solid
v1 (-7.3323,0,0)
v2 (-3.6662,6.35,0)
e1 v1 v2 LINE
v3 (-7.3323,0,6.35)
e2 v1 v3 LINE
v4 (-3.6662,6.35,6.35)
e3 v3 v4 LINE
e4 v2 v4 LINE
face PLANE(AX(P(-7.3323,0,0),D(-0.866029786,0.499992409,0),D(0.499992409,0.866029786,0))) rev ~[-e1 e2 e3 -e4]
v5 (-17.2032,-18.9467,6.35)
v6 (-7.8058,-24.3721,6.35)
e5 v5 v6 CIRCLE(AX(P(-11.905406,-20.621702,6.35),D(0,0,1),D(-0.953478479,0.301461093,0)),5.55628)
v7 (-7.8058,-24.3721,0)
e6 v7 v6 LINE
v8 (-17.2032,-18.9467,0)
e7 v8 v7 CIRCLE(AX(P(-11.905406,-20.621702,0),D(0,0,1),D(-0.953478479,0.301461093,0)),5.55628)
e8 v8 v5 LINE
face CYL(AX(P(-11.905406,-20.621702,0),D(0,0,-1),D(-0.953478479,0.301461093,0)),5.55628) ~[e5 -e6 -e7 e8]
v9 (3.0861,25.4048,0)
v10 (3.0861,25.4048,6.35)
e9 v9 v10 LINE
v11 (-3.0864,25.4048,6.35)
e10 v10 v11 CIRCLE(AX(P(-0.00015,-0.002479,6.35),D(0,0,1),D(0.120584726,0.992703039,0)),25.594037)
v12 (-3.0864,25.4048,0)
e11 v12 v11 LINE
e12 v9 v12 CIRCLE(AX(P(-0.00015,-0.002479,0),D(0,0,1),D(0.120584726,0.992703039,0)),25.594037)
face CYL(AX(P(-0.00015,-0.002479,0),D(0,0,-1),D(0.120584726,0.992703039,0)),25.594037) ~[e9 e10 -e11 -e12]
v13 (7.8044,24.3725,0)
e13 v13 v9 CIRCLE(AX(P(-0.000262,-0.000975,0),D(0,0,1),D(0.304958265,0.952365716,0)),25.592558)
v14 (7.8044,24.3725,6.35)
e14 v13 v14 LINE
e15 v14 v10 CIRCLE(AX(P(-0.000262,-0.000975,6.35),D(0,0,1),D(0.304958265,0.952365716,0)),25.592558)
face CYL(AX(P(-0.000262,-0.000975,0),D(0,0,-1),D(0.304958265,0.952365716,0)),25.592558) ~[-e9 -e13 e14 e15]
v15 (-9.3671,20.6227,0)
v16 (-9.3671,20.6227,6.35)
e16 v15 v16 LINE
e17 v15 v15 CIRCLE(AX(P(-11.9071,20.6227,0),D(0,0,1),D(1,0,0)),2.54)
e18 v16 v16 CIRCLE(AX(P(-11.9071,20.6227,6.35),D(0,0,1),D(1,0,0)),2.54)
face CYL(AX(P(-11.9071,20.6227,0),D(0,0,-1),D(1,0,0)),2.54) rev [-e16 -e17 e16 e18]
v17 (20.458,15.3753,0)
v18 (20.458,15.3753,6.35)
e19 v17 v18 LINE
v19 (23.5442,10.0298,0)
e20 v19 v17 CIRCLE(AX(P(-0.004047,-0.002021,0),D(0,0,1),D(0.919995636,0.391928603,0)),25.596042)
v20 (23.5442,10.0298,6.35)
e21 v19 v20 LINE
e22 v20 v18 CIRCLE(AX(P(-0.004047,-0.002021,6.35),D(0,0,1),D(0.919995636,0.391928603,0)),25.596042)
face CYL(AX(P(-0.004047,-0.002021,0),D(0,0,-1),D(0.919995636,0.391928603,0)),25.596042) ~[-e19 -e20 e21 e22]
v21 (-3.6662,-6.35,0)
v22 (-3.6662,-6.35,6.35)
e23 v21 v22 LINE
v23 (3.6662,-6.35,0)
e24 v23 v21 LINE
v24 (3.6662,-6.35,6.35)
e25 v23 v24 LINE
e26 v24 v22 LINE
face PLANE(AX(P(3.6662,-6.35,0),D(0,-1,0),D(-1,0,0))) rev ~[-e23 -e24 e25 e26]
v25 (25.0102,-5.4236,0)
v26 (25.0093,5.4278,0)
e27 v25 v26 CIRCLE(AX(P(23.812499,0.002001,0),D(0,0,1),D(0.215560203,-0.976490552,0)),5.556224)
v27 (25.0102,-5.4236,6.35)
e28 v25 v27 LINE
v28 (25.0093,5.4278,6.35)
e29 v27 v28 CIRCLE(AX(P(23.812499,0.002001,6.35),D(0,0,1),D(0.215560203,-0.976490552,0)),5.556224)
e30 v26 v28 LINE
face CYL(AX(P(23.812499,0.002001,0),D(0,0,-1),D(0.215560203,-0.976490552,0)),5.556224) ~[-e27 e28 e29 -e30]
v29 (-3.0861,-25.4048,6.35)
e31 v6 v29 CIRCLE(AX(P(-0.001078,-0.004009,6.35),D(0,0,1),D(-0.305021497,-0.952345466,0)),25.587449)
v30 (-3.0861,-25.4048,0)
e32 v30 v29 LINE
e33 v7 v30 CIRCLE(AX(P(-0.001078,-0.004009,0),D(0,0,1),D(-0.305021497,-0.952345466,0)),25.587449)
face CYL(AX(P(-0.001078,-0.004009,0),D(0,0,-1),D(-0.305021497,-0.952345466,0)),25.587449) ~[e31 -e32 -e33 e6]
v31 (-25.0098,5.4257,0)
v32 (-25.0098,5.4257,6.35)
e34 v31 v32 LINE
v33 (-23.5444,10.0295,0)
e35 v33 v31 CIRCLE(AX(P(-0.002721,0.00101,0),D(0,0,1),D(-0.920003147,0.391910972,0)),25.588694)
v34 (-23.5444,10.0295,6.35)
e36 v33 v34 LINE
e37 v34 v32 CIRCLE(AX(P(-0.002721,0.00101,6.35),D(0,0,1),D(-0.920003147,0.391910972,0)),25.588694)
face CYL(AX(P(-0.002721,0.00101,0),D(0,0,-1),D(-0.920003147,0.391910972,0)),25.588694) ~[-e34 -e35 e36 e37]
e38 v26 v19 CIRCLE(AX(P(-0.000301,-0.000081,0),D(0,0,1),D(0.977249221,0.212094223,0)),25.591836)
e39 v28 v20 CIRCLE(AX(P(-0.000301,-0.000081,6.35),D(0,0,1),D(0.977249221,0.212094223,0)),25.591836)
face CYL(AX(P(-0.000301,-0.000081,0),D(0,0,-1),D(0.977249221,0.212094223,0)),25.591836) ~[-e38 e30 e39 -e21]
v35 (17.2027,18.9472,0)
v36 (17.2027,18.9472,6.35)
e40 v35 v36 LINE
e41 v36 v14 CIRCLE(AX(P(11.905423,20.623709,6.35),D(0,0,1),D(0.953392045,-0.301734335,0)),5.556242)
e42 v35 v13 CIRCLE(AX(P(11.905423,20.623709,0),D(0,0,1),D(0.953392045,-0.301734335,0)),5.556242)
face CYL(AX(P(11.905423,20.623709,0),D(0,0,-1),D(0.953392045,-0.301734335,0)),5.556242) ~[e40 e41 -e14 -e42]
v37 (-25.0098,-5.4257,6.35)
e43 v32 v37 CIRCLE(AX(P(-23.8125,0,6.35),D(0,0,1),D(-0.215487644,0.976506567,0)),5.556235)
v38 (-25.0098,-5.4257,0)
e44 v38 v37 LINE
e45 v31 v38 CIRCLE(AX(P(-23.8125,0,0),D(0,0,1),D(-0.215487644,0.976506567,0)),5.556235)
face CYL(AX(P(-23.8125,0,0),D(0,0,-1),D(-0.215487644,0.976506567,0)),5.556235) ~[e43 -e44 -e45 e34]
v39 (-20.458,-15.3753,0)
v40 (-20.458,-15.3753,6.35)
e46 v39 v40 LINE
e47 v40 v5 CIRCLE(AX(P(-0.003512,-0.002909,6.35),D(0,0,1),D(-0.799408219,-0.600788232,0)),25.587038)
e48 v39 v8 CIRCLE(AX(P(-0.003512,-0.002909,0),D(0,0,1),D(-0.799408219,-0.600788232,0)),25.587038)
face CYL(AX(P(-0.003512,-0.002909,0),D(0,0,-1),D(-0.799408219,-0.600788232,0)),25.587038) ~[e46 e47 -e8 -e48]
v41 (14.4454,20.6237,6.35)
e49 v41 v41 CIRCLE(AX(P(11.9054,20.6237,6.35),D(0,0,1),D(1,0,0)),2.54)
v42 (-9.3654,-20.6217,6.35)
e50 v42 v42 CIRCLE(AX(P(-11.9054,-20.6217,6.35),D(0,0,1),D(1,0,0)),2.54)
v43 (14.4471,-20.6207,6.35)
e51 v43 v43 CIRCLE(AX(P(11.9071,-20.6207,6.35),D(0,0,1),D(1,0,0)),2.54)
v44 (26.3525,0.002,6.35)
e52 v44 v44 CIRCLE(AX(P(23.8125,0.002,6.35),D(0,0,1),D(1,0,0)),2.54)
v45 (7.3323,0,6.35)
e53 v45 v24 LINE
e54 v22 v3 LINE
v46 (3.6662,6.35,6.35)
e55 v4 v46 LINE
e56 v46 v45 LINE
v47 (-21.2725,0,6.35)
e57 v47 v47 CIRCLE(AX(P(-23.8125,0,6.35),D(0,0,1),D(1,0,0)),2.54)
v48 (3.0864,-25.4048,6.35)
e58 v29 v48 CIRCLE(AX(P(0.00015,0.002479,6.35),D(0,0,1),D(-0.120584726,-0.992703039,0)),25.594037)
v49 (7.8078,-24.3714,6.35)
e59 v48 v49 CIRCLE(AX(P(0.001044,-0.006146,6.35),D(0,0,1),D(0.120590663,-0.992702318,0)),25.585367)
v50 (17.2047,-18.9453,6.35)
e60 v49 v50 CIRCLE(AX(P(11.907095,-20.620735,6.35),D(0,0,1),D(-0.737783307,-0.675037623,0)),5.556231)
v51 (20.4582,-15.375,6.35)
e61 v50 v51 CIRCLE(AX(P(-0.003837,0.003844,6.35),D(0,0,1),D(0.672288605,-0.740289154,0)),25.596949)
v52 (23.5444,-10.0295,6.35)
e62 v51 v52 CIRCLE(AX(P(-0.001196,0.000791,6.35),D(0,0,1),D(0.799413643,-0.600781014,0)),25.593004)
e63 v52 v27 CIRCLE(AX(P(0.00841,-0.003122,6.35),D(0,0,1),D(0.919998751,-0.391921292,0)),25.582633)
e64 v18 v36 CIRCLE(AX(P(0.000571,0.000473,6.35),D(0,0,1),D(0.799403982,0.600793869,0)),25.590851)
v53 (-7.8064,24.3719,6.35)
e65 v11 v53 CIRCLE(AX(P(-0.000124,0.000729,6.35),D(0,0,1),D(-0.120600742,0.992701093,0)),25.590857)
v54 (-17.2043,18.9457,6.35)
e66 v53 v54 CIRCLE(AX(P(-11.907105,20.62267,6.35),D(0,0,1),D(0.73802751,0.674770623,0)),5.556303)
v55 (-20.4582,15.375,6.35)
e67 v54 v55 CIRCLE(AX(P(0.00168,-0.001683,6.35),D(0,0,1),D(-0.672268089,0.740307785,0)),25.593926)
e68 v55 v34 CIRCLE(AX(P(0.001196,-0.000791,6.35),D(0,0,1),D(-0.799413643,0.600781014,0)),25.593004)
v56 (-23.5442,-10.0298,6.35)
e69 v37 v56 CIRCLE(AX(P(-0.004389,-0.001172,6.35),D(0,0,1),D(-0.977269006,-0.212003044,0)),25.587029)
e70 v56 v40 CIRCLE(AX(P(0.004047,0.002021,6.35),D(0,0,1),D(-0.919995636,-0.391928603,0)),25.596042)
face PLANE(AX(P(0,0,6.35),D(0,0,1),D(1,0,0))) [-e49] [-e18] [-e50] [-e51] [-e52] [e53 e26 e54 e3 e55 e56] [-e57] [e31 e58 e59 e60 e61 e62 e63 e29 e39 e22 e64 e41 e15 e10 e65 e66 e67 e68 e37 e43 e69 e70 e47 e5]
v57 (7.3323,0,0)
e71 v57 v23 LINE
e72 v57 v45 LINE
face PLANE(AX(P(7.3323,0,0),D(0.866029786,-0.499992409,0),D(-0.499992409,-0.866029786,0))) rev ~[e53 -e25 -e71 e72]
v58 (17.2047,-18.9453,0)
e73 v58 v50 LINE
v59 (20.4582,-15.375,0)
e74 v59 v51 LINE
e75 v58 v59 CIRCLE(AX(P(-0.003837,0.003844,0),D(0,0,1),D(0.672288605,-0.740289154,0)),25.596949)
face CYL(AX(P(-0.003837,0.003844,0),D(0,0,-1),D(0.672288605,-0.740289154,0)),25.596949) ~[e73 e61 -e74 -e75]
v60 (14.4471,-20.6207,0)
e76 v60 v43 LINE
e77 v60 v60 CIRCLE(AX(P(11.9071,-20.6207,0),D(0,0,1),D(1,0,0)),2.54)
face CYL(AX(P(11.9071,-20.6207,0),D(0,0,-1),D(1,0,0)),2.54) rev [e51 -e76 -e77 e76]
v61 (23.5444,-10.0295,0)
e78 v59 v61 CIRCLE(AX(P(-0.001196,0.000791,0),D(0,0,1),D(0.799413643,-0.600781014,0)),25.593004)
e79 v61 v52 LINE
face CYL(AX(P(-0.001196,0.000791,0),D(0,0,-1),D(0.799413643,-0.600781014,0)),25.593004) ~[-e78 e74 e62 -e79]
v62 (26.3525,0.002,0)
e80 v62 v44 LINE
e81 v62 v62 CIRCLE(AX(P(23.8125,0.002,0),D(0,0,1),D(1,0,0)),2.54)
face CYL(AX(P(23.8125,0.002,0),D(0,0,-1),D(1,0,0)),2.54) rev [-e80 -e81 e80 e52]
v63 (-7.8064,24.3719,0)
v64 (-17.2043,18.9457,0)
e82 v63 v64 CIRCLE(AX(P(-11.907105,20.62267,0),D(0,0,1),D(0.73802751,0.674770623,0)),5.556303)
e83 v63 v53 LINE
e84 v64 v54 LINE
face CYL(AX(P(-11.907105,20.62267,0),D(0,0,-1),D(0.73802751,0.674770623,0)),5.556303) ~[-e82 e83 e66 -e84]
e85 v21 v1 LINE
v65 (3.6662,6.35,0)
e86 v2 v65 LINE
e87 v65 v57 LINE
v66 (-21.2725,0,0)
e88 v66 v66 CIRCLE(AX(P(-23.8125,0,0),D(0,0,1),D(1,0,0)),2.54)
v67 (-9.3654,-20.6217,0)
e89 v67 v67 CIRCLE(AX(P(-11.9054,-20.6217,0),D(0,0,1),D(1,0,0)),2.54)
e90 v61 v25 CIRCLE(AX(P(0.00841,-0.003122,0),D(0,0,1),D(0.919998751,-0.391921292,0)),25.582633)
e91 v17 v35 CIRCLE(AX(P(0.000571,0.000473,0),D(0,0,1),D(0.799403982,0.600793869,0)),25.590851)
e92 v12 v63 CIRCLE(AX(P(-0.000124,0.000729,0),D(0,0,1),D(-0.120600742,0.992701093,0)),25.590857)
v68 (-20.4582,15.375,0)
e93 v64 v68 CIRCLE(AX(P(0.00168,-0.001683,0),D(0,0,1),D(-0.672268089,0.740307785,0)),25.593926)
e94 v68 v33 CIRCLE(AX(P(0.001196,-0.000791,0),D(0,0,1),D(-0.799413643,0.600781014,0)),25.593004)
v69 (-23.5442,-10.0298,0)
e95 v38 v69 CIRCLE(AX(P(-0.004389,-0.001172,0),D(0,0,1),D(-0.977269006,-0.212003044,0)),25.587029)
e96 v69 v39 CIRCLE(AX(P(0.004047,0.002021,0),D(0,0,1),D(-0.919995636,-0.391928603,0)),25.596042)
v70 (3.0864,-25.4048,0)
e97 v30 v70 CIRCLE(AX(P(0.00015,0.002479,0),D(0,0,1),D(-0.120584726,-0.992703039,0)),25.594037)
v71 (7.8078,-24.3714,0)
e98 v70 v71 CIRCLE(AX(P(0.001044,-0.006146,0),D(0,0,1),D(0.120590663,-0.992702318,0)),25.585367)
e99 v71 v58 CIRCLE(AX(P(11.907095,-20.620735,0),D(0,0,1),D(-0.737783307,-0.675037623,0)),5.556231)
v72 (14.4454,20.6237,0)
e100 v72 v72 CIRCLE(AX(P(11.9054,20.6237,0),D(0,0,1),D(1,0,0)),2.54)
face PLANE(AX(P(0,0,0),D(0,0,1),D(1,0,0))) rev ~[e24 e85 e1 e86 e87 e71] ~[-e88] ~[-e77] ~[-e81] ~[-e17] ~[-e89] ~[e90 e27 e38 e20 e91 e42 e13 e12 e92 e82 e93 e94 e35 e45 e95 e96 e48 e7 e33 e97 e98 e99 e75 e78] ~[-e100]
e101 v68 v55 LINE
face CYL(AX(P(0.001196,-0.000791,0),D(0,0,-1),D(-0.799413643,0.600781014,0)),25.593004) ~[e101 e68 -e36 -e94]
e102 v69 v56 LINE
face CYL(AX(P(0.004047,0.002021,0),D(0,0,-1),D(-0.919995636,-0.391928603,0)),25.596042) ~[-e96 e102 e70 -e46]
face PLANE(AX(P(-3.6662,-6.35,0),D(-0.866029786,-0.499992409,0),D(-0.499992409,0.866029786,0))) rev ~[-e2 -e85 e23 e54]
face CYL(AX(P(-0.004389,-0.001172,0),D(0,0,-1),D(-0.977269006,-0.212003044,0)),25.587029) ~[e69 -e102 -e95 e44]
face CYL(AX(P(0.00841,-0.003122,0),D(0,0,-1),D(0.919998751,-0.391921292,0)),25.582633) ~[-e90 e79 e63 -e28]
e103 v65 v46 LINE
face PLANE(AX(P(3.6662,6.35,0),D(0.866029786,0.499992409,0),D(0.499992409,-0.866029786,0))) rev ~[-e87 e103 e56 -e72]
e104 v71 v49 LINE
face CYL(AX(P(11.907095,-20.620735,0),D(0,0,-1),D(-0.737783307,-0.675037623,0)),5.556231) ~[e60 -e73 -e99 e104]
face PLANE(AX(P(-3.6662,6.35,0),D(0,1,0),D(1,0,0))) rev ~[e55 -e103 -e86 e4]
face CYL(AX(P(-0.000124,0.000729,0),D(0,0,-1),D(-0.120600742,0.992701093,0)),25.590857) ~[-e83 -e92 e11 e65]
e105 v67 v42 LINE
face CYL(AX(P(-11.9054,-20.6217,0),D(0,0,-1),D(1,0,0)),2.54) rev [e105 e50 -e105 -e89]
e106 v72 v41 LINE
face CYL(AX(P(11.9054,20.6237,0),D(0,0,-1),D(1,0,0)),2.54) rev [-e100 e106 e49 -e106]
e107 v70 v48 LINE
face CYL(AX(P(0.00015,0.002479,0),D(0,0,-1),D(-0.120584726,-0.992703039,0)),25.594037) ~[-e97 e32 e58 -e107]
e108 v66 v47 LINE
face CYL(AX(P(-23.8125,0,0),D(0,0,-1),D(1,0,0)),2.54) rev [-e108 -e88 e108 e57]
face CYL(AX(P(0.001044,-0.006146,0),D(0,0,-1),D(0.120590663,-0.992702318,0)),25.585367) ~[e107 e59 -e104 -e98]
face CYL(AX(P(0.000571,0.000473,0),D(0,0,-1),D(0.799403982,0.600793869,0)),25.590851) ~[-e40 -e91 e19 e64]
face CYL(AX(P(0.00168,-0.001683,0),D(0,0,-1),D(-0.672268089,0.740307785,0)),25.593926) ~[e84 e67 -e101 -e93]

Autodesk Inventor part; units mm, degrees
ref_plane "YZ Plane" through (0, 0, 0) normal (1, 0, 0) x (0, 1, 0)
ref_plane "XZ Plane" through (0, 0, 0) normal (0, 1, 0) x (-1, 0, 0)
ref_plane "XY Plane" through (0, 0, 0) normal (0, 0, 1) x (1, 0, 0)
sketch "Sketch1" plane through (0, 0, 0) normal (0, 0, 1) x (1, 0, 0)
  arc A0 (-7.8064, 24.3719) -> (-17.2043, 18.9457) centre (-11.9071, 20.6227) ccw projected
  arc A1 (-17.2043, 18.9457) -> (-20.4582, 15.375) centre (0, 0) ccw projected
  arc A2 (-17.7043, 15.4859) -> (-20.4582, 15.375) centre (-19.036, 14.3062) ccw construction
  arc A3 (-17.7043, 15.4859) -> (-14.4866, 13.3187) centre (-11.9063, 20.6222) ccw construction
  arc A4 (-13.671, 10.5541) -> (-14.4866, 13.3187) centre (-15.0792, 11.6413) ccw construction
  arc A5 (-13.671, 10.5541) -> (-15.9756, 6.5626) centre (0, 0) ccw construction
  arc A6 (-18.7774, 5.8865) -> (-15.9756, 6.5626) centre (-17.6212, 7.2386) ccw construction
  arc A7 (-18.7774, 5.8865) -> (-22.2633, 7.5891) centre (-23.8116, -0.0005) ccw construction
  arc A8 (-23.5444, 10.0295) -> (-22.2633, 7.5891) centre (-21.9076, 9.3323) ccw construction
  arc A9 (-23.5444, 10.0295) -> (-25.0098, 5.4257) centre (0, 0) ccw projected
  arc A10 (-25.0098, 5.4257) -> (-25.0098, -5.4257) centre (-23.8125, 0) ccw projected
  arc A11 (-25.0098, -5.4257) -> (-23.5442, -10.0298) centre (0, 0) ccw projected
  arc A12 (-22.2633, -7.5894) -> (-23.5442, -10.0298) centre (-21.9075, -9.3326) ccw construction
  arc A13 (-22.2633, -7.5894) -> (-18.7776, -5.8864) centre (-23.8125, 0) ccw construction
  arc A14 (-15.9756, -6.5624) -> (-18.7776, -5.8864) centre (-17.6212, -7.2384) ccw construction
  arc A15 (-15.9756, -6.5624) -> (-13.6711, -10.554) centre (0, 0) ccw construction
  arc A16 (-14.4865, -13.3185) -> (-13.6711, -10.554) centre (-15.0794, -11.6411) ccw construction
  arc A17 (-14.4865, -13.3185) -> (-17.704, -15.486) centre (-11.9054, -20.6217) ccw construction
  arc A18 (-20.458, -15.3753) -> (-17.704, -15.486) centre (-19.0358, -14.3064) ccw construction
  arc A19 (-20.458, -15.3753) -> (-17.2032, -18.9467) centre (0, 0) ccw projected
  arc A20 (-17.2032, -18.9467) -> (-7.8058, -24.3721) centre (-11.9054, -20.6217) ccw projected
  arc A21 (-7.8058, -24.3721) -> (-3.0861, -25.4048) centre (0, 0) ccw projected
  arc A22 (-4.559, -23.0753) -> (-3.0861, -25.4048) centre (-2.8715, -23.6387) ccw construction
  arc A23 (-4.559, -23.0753) -> (-4.291, -19.2051) centre (-11.9062, -20.6222) ccw construction
  arc A24 (-2.3046, -17.1165) -> (-4.291, -19.2051) centre (-2.542, -18.8796) ccw construction
  arc A25 (-2.3046, -17.1165) -> (2.3044, -17.1165) centre (0, 0) ccw construction
  arc A26 (4.2909, -19.2049) -> (2.3044, -17.1165) centre (2.5418, -18.8797) ccw construction
  arc A27 (4.2909, -19.2049) -> (4.5593, -23.0751) centre (11.9062, -20.6212) ccw construction
  arc A28 (3.0864, -25.4048) -> (4.5593, -23.0751) centre (2.8718, -23.6387) ccw construction
  arc A29 (3.0864, -25.4048) -> (7.8078, -24.3714) centre (0, 0) ccw projected
  arc A30 (7.8078, -24.3714) -> (17.2047, -18.9453) centre (11.9071, -20.6207) ccw projected
  arc A31 (17.2047, -18.9453) -> (20.4582, -15.375) centre (0, 0) ccw projected
  arc A32 (17.7043, -15.4859) -> (20.4582, -15.375) centre (19.036, -14.3062) ccw construction
  arc A33 (17.7043, -15.4859) -> (14.4866, -13.3187) centre (11.9063, -20.6222) ccw construction
  arc A34 (13.671, -10.5541) -> (14.4866, -13.3187) centre (15.0792, -11.6413) ccw construction
  arc A35 (13.671, -10.5541) -> (15.9756, -6.5626) centre (0, 0) ccw construction
  arc A36 (18.7774, -5.8865) -> (15.9756, -6.5626) centre (17.6212, -7.2386) ccw construction
  arc A37 (18.7774, -5.8865) -> (22.2633, -7.5891) centre (23.8116, 0.0005) ccw construction
  arc A38 (23.5444, -10.0295) -> (22.2633, -7.5891) centre (21.9076, -9.3323) ccw construction
  arc A39 (23.5444, -10.0295) -> (25.0102, -5.4236) centre (0, 0) ccw projected
  arc A40 (25.0102, -5.4236) -> (25.0093, 5.4278) centre (23.8125, 0.002) ccw projected
  arc A41 (25.0093, 5.4278) -> (23.5442, 10.0298) centre (0, 0) ccw projected
  arc A42 (22.2633, 7.5894) -> (23.5442, 10.0298) centre (21.9075, 9.3326) ccw construction
  arc A43 (22.2633, 7.5894) -> (18.7776, 5.8864) centre (23.8125, 0) ccw construction
  arc A44 (15.9756, 6.5624) -> (18.7776, 5.8864) centre (17.6212, 7.2384) ccw construction
  arc A45 (15.9756, 6.5624) -> (13.6711, 10.554) centre (0, 0) ccw construction
  arc A46 (14.4865, 13.3185) -> (13.6711, 10.554) centre (15.0794, 11.6411) ccw construction
  arc A47 (14.4865, 13.3185) -> (17.704, 15.486) centre (11.9054, 20.6217) ccw construction
  arc A48 (20.458, 15.3753) -> (17.704, 15.486) centre (19.0358, 14.3064) ccw construction
  arc A49 (20.458, 15.3753) -> (17.2027, 18.9472) centre (0, 0) ccw projected
  arc A50 (17.2027, 18.9472) -> (7.8044, 24.3725) centre (11.9054, 20.6237) ccw projected
  arc A51 (7.8044, 24.3725) -> (3.0861, 25.4048) centre (0, 0) ccw projected
  arc A52 (4.559, 23.0753) -> (3.0861, 25.4048) centre (2.8715, 23.6387) ccw construction
  arc A53 (4.559, 23.0753) -> (4.291, 19.2051) centre (11.9062, 20.6222) ccw construction
  arc A54 (2.3046, 17.1165) -> (4.291, 19.2051) centre (2.542, 18.8796) ccw construction
  arc A55 (2.3046, 17.1165) -> (-2.3044, 17.1165) centre (0, 0) ccw construction
  arc A56 (-4.2909, 19.2049) -> (-2.3044, 17.1165) centre (-2.5418, 18.8797) ccw construction
  arc A57 (-4.2909, 19.2049) -> (-4.5593, 23.0751) centre (-11.9062, 20.6212) ccw construction
  arc A58 (-3.0864, 25.4048) -> (-4.5593, 23.0751) centre (-2.8718, 23.6387) ccw construction
  arc A59 (-3.0864, 25.4048) -> (-7.8064, 24.3719) centre (0, 0) ccw projected
  circle A60 centre (-11.9071, 20.6227) radius 2.54 projected
  circle A61 centre (11.9054, 20.6237) radius 2.54 projected
  circle A62 centre (23.8125, 0.002) radius 2.54 projected
  circle A63 centre (11.9071, -20.6207) radius 2.54 projected
  circle A64 centre (-11.9054, -20.6217) radius 2.54 projected
  circle A65 centre (-23.8125, 0) radius 2.54 projected
  circle A66 centre (0, 0) radius 14.2875 construction
  arc A67 (-20.4582, 15.375) -> (-23.5444, 10.0295) centre (0, 0) ccw
  line L0 (7.3323, 0) -> (3.6662, -6.35)
  line L1 (3.6662, -6.35) -> (-3.6662, -6.35)
  line L2 (-3.6662, -6.35) -> (-7.3323, 0)
  line L3 (-7.3323, 0) -> (-3.6662, 6.35)
  line L4 (-3.6662, 6.35) -> (3.6662, 6.35)
  line L5 (3.6662, 6.35) -> (7.3323, 0)
  line L6 (0, 0) -> (7.3323, 0) construction
  arc A68 (3.0861, 25.4048) -> (-3.0864, 25.4048) centre (0, 0) ccw
  arc A69 (23.5442, 10.0298) -> (20.458, 15.3753) centre (0, 0) ccw
  arc A70 (20.4582, -15.375) -> (23.5444, -10.0295) centre (0, 0) ccw
  arc A71 (-3.0861, -25.4048) -> (3.0864, -25.4048) centre (0, 0) ccw
  arc A72 (-23.5442, -10.0298) -> (-20.458, -15.3753) centre (0, 0) ccw
  point P0 (0, 0)
  dimension "d0" = 12.7
extrude "Extrusion1" add sketch "Sketch1" along normal blind 6.35
properties part number "Custom Belt Pulley Hex Hub (polycarbonate)" material "Polycarbonate, Clear"
